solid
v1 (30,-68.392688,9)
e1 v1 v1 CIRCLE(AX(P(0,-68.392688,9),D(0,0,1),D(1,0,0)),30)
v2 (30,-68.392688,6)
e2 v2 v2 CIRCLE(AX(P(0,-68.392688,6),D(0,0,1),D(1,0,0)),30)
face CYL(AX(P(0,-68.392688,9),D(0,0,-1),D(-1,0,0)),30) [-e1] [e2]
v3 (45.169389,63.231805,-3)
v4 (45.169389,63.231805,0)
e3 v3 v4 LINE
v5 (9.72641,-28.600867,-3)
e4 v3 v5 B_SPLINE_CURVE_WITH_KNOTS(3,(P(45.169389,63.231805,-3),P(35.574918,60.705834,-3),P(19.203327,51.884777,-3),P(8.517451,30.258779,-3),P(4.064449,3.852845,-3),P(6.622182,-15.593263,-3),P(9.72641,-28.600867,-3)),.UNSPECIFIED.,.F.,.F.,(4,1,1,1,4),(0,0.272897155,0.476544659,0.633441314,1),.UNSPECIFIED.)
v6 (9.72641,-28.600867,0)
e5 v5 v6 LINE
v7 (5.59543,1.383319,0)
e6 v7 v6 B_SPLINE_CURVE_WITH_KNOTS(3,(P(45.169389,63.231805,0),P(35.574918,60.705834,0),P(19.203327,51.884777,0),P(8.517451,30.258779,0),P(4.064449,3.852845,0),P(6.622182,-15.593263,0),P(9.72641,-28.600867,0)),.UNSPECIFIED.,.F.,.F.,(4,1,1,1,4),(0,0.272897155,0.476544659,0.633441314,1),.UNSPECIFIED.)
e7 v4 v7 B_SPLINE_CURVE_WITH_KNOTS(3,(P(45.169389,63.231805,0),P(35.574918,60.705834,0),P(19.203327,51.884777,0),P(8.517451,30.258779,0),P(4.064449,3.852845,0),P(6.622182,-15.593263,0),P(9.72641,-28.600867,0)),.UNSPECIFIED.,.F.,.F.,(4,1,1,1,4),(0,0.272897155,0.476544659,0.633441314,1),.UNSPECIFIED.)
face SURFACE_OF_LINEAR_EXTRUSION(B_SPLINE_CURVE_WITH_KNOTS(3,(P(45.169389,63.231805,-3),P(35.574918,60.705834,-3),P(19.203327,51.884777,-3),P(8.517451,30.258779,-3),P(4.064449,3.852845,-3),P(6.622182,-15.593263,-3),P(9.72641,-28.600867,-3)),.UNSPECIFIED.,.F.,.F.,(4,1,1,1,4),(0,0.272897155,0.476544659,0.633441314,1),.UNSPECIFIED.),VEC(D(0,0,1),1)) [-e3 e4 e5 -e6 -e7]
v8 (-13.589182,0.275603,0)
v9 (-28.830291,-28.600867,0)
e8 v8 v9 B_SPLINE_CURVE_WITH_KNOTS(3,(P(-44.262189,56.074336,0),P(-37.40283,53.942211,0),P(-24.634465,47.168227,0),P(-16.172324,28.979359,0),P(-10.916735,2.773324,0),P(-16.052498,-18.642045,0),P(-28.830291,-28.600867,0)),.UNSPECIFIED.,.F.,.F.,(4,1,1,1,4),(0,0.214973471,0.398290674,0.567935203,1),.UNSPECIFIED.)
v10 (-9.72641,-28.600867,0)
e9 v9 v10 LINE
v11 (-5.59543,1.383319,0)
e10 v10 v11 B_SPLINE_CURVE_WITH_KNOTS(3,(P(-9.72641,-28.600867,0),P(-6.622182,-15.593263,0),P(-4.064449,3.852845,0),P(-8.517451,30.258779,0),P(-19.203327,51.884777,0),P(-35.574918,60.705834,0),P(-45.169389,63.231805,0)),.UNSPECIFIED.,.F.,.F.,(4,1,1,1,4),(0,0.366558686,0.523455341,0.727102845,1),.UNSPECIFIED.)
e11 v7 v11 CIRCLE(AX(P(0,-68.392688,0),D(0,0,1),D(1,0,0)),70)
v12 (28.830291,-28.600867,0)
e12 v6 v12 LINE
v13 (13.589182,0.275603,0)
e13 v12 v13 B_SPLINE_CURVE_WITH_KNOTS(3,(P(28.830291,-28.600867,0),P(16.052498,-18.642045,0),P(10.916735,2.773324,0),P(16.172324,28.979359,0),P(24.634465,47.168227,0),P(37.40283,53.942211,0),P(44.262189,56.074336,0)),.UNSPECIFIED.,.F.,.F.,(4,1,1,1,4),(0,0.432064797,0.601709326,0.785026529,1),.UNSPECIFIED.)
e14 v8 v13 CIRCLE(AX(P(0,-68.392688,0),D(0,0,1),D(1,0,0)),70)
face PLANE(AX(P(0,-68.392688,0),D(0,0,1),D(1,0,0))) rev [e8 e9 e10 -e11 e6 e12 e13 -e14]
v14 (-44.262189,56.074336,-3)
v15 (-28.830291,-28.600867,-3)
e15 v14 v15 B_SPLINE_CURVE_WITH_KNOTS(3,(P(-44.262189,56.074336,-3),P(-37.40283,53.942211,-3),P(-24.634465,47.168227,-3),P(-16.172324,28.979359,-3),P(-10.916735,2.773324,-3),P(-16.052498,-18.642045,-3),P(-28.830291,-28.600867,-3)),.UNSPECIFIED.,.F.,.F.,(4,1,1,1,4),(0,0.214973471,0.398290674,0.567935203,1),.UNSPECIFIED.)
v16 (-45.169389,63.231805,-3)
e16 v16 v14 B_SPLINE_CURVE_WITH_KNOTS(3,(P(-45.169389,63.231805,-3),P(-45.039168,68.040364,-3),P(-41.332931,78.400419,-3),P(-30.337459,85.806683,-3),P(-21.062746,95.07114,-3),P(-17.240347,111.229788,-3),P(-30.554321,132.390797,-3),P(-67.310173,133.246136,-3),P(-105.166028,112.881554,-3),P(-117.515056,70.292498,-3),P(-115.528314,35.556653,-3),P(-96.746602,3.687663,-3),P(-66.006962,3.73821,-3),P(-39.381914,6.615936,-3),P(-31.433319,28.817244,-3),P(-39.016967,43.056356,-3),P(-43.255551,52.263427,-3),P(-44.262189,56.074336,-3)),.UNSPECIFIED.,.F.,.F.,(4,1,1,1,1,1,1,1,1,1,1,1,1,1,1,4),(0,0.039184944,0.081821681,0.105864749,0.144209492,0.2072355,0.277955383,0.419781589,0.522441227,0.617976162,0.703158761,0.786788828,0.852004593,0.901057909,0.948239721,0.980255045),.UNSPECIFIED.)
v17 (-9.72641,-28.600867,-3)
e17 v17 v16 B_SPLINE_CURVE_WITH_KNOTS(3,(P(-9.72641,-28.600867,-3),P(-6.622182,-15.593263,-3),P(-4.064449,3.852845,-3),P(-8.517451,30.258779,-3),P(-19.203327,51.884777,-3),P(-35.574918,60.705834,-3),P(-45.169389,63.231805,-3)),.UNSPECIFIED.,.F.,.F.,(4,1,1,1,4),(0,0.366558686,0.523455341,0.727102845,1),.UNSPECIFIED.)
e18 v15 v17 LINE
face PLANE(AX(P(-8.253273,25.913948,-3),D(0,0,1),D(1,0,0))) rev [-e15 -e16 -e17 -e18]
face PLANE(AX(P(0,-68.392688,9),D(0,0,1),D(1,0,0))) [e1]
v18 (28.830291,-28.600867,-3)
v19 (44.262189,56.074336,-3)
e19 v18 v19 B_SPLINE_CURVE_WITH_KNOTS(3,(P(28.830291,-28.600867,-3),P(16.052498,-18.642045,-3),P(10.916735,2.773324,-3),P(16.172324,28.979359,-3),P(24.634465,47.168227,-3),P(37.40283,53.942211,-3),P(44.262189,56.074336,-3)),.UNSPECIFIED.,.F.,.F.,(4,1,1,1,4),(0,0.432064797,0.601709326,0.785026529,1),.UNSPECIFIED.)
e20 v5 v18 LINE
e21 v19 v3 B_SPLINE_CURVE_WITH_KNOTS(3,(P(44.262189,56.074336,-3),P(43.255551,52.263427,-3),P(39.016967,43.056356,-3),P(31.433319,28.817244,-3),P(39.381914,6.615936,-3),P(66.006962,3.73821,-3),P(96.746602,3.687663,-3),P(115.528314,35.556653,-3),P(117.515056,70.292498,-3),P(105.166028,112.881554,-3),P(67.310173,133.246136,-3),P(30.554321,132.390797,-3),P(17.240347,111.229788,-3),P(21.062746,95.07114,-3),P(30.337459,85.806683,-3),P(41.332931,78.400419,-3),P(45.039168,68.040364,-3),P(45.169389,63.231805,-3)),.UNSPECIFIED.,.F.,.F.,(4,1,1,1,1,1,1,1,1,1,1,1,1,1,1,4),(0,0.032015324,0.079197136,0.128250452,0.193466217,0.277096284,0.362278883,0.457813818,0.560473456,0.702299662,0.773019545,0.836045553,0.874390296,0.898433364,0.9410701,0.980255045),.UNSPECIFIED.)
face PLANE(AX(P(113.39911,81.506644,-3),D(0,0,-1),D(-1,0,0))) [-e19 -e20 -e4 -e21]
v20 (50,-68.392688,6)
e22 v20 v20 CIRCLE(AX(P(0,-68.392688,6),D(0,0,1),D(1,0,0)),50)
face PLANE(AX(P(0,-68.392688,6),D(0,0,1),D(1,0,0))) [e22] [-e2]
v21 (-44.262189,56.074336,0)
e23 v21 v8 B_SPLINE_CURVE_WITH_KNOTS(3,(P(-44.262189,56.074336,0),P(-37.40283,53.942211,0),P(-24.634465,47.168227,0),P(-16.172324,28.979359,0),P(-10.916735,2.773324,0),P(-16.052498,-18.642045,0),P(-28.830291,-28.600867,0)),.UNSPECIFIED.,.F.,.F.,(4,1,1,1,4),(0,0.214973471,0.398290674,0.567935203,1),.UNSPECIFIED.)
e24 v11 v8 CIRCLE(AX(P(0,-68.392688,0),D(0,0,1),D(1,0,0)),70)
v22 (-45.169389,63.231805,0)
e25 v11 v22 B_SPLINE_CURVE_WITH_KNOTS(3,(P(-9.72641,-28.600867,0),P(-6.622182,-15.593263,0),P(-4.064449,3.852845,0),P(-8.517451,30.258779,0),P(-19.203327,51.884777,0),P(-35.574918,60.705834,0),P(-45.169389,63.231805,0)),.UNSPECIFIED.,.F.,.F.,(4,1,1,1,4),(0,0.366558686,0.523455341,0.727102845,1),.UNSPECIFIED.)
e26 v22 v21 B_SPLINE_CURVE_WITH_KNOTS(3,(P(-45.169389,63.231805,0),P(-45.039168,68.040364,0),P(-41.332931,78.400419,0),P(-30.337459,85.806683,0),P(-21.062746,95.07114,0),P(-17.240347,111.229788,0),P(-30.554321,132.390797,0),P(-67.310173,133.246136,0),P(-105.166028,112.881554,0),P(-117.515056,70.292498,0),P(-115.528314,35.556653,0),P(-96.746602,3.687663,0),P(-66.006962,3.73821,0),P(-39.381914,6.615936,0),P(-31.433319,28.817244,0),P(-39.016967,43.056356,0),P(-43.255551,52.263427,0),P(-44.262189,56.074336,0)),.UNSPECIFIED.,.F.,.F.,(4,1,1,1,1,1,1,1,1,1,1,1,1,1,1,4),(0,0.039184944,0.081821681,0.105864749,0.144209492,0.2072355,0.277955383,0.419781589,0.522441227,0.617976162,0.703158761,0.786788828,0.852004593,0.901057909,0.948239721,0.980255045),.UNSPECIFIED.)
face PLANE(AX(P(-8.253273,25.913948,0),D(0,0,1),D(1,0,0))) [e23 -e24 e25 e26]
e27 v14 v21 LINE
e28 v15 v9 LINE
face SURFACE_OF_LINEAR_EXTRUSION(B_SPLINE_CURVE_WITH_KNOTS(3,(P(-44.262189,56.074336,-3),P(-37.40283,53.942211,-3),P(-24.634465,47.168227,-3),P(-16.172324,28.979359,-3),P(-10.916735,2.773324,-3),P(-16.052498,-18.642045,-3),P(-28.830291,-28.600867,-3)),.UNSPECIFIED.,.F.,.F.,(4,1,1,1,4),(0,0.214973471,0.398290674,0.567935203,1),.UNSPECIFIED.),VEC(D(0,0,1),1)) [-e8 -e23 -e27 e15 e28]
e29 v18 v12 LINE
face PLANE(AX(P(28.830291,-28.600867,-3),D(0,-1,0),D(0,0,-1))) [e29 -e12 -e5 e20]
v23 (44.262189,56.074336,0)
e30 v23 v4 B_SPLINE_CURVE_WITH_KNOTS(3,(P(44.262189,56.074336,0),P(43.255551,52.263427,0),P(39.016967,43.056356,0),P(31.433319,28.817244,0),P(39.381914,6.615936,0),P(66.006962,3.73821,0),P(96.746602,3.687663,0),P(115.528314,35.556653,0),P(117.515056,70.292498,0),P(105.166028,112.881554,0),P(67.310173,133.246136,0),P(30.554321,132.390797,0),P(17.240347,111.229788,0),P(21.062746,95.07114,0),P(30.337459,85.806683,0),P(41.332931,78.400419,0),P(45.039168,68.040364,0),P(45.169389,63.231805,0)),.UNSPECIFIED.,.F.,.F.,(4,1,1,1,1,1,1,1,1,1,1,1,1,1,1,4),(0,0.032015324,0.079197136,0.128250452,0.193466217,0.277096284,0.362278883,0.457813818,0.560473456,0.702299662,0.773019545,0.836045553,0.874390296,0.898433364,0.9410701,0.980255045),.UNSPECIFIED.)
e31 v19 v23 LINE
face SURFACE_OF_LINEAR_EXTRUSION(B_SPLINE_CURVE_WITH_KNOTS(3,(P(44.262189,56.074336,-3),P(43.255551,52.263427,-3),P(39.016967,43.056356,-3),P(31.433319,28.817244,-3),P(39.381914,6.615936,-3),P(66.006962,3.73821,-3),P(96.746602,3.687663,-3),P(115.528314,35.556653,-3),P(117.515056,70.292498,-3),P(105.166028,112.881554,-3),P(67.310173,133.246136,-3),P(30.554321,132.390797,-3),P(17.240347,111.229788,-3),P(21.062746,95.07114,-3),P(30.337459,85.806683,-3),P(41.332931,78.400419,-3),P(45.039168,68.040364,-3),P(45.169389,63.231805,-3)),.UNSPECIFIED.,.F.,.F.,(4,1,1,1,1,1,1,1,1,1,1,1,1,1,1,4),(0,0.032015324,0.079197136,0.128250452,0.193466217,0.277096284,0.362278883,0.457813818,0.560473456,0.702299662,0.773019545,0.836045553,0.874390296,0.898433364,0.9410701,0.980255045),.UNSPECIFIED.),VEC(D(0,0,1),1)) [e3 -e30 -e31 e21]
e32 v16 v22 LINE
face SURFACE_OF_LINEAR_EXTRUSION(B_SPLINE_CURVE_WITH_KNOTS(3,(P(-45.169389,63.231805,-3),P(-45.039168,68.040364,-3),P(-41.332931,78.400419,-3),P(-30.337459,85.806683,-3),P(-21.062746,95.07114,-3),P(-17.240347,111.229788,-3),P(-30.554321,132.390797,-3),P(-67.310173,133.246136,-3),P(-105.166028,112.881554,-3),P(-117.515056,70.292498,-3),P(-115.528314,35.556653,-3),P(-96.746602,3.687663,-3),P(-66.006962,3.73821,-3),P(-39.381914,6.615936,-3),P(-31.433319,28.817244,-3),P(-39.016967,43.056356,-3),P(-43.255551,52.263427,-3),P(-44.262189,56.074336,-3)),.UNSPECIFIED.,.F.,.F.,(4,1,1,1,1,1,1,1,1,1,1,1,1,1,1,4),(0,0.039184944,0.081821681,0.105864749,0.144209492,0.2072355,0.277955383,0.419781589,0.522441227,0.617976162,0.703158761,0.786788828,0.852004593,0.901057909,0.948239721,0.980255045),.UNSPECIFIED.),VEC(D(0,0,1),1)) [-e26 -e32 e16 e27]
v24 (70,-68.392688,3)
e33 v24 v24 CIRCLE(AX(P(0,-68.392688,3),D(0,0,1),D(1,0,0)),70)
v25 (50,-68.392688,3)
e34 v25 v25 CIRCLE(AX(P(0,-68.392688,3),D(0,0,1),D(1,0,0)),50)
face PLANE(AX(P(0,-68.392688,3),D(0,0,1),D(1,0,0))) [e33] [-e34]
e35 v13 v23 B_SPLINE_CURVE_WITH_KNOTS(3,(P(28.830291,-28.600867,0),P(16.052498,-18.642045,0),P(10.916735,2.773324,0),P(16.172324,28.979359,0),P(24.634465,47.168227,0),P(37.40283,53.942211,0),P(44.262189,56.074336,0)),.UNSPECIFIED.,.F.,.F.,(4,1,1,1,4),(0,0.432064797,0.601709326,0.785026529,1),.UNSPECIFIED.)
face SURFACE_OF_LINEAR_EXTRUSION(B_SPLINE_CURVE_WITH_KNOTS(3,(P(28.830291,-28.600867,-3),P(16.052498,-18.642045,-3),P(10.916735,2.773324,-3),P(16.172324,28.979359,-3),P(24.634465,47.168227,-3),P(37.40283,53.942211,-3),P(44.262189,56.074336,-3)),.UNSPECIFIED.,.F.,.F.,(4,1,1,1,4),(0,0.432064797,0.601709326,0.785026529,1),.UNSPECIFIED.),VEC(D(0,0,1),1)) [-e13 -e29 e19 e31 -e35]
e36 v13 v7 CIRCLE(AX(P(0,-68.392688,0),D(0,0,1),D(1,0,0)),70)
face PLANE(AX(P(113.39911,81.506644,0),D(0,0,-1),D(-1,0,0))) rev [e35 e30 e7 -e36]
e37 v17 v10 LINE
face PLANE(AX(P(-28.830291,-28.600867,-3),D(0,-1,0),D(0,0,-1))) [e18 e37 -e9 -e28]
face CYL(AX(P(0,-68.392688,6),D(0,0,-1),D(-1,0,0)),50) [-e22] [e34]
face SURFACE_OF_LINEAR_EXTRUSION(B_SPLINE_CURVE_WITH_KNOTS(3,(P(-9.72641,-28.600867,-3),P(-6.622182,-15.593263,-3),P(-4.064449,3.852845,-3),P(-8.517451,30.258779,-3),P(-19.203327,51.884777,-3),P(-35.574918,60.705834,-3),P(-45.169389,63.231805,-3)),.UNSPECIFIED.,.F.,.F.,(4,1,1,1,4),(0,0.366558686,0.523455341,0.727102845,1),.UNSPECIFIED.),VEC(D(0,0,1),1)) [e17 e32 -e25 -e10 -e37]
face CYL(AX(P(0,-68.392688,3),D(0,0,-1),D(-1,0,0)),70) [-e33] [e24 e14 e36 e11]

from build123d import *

# Parameters (mm, degrees)
BOSS_EXTRUDE2_DEPTH   = 3
BOSS_EXTRUDE2_2_DEPTH = 3
SKETCH4_R             = 70
BOSS_EXTRUDE3_DEPTH   = 3
SKETCH5_R             = 50
BOSS_EXTRUDE4_DEPTH   = 3
SKETCH6_R             = 30
BOSS_EXTRUDE5_DEPTH   = 3


with BuildPart() as part:
    # Sketch3 → Boss-Extrude2 (new body)
    with BuildSketch(Plane.XY):
        with BuildLine():
            Line((-28.83029104, -28.600867132), (-9.726410368, -28.600867132))
            add(Edge.make_bspline(
                [(-45.169389024, 63.231805303), (-35.574917599, 60.705834404), (-19.203327028, 51.884777116), (-8.51745089, 30.258778623), (-4.064448708, 3.852844659), (-6.622182463, -15.593263391), (-9.726410368, -28.600867132)],
                knots=[0, 0, 0, 0, 0.272897155, 0.476544659, 0.633441314, 1, 1, 1, 1], degree=3))
            add(Edge.make_bspline(
                [(-45.169389024, 63.231805303), (-45.039168446, 68.040363755), (-41.332930576, 78.400419332), (-30.337459437, 85.806682659), (-21.062745894, 95.07114023), (-17.24034738, 111.229787875), (-30.554320793, 132.390797273), (-67.310173393, 133.246136144), (-105.166028049, 112.881554326), (-117.515056312, 70.292497895), (-115.528314454, 35.556653209), (-96.746601788, 3.68766317), (-66.006962233, 3.738210195), (-39.381914286, 6.615936229), (-31.433319045, 28.817243661), (-39.016967159, 43.056355866), (-43.255550925, 52.263426721), (-44.262189479, 56.074336453)],
                knots=[0, 0, 0, 0, 0.039184944, 0.081821681, 0.105864749, 0.144209492, 0.2072355, 0.277955383, 0.419781589, 0.522441227, 0.617976162, 0.703158761, 0.786788828, 0.852004593, 0.901057909, 0.948239721, 0.980255045, 0.980255045, 0.980255045, 0.980255045], degree=3))
            add(Edge.make_bspline(
                [(-44.262189479, 56.074336453), (-37.402830498, 53.942211242), (-24.634464842, 47.168227203), (-16.172324342, 28.979359111), (-10.916734963, 2.773323812), (-16.052498214, -18.642044597), (-28.83029104, -28.600867132)],
                knots=[0, 0, 0, 0, 0.214973471, 0.398290674, 0.567935203, 1, 1, 1, 1], degree=3))
        make_face()
    extrude(amount=-BOSS_EXTRUDE2_DEPTH)



with BuildPart() as body_2:
    # Sketch3 → Boss-Extrude2 2 (new body)
    with BuildSketch(Plane.XY):
        with BuildLine():
            Line((28.83029104, -28.600867132), (9.726410368, -28.600867132))
            add(Edge.make_bspline(
                [(45.169389024, 63.231805303), (35.574917599, 60.705834404), (19.203327028, 51.884777116), (8.51745089, 30.258778623), (4.064448708, 3.852844659), (6.622182463, -15.593263391), (9.726410368, -28.600867132)],
                knots=[0, 0, 0, 0, 0.272897155, 0.476544659, 0.633441314, 1, 1, 1, 1], degree=3))
            add(Edge.make_bspline(
                [(45.169389024, 63.231805303), (45.039168446, 68.040363755), (41.332930576, 78.400419332), (30.337459437, 85.806682659), (21.062745894, 95.07114023), (17.24034738, 111.229787875), (30.554320793, 132.390797273), (67.310173393, 133.246136144), (105.166028049, 112.881554326), (117.515056312, 70.292497895), (115.528314454, 35.556653209), (96.746601788, 3.68766317), (66.006962233, 3.738210195), (39.381914286, 6.615936229), (31.433319045, 28.817243661), (39.016967159, 43.056355866), (43.255550925, 52.263426721), (44.262189479, 56.074336453)],
                knots=[0, 0, 0, 0, 0.039184944, 0.081821681, 0.105864749, 0.144209492, 0.2072355, 0.277955383, 0.419781589, 0.522441227, 0.617976162, 0.703158761, 0.786788828, 0.852004593, 0.901057909, 0.948239721, 0.980255045, 0.980255045, 0.980255045, 0.980255045], degree=3))
            add(Edge.make_bspline(
                [(44.262189479, 56.074336453), (37.402830498, 53.942211242), (24.634464842, 47.168227203), (16.172324342, 28.979359111), (10.916734963, 2.773323812), (16.052498214, -18.642044597), (28.83029104, -28.600867132)],
                knots=[0, 0, 0, 0, 0.214973471, 0.398290674, 0.567935203, 1, 1, 1, 1], degree=3))
        make_face()
    extrude(amount=-BOSS_EXTRUDE2_2_DEPTH)


with BuildPart() as part_1:
    add(part.part)

    add(body_2.part)  # Boss-Extrude3 merges body 2
    # Sketch4 → Boss-Extrude3 (add)
    with BuildSketch(Plane.XY):
        with Locations(Location((0, -68.392688112, 0), (0, 0, 101.193973189))):
            Circle(SKETCH4_R)
    extrude(amount=BOSS_EXTRUDE3_DEPTH)

    # Sketch5 → Boss-Extrude4 (add)
    with BuildSketch(Plane.XY.offset(3)):
        with Locations((0, -68.392688112)):
            Circle(SKETCH5_R)
    extrude(amount=BOSS_EXTRUDE4_DEPTH)

    # Sketch6 → Boss-Extrude5 (add)
    with BuildSketch(Plane.XY.offset(6)):
        with Locations((0, -68.392688112)):
            Circle(SKETCH6_R)
    extrude(amount=BOSS_EXTRUDE5_DEPTH)


solid = part_1.part
